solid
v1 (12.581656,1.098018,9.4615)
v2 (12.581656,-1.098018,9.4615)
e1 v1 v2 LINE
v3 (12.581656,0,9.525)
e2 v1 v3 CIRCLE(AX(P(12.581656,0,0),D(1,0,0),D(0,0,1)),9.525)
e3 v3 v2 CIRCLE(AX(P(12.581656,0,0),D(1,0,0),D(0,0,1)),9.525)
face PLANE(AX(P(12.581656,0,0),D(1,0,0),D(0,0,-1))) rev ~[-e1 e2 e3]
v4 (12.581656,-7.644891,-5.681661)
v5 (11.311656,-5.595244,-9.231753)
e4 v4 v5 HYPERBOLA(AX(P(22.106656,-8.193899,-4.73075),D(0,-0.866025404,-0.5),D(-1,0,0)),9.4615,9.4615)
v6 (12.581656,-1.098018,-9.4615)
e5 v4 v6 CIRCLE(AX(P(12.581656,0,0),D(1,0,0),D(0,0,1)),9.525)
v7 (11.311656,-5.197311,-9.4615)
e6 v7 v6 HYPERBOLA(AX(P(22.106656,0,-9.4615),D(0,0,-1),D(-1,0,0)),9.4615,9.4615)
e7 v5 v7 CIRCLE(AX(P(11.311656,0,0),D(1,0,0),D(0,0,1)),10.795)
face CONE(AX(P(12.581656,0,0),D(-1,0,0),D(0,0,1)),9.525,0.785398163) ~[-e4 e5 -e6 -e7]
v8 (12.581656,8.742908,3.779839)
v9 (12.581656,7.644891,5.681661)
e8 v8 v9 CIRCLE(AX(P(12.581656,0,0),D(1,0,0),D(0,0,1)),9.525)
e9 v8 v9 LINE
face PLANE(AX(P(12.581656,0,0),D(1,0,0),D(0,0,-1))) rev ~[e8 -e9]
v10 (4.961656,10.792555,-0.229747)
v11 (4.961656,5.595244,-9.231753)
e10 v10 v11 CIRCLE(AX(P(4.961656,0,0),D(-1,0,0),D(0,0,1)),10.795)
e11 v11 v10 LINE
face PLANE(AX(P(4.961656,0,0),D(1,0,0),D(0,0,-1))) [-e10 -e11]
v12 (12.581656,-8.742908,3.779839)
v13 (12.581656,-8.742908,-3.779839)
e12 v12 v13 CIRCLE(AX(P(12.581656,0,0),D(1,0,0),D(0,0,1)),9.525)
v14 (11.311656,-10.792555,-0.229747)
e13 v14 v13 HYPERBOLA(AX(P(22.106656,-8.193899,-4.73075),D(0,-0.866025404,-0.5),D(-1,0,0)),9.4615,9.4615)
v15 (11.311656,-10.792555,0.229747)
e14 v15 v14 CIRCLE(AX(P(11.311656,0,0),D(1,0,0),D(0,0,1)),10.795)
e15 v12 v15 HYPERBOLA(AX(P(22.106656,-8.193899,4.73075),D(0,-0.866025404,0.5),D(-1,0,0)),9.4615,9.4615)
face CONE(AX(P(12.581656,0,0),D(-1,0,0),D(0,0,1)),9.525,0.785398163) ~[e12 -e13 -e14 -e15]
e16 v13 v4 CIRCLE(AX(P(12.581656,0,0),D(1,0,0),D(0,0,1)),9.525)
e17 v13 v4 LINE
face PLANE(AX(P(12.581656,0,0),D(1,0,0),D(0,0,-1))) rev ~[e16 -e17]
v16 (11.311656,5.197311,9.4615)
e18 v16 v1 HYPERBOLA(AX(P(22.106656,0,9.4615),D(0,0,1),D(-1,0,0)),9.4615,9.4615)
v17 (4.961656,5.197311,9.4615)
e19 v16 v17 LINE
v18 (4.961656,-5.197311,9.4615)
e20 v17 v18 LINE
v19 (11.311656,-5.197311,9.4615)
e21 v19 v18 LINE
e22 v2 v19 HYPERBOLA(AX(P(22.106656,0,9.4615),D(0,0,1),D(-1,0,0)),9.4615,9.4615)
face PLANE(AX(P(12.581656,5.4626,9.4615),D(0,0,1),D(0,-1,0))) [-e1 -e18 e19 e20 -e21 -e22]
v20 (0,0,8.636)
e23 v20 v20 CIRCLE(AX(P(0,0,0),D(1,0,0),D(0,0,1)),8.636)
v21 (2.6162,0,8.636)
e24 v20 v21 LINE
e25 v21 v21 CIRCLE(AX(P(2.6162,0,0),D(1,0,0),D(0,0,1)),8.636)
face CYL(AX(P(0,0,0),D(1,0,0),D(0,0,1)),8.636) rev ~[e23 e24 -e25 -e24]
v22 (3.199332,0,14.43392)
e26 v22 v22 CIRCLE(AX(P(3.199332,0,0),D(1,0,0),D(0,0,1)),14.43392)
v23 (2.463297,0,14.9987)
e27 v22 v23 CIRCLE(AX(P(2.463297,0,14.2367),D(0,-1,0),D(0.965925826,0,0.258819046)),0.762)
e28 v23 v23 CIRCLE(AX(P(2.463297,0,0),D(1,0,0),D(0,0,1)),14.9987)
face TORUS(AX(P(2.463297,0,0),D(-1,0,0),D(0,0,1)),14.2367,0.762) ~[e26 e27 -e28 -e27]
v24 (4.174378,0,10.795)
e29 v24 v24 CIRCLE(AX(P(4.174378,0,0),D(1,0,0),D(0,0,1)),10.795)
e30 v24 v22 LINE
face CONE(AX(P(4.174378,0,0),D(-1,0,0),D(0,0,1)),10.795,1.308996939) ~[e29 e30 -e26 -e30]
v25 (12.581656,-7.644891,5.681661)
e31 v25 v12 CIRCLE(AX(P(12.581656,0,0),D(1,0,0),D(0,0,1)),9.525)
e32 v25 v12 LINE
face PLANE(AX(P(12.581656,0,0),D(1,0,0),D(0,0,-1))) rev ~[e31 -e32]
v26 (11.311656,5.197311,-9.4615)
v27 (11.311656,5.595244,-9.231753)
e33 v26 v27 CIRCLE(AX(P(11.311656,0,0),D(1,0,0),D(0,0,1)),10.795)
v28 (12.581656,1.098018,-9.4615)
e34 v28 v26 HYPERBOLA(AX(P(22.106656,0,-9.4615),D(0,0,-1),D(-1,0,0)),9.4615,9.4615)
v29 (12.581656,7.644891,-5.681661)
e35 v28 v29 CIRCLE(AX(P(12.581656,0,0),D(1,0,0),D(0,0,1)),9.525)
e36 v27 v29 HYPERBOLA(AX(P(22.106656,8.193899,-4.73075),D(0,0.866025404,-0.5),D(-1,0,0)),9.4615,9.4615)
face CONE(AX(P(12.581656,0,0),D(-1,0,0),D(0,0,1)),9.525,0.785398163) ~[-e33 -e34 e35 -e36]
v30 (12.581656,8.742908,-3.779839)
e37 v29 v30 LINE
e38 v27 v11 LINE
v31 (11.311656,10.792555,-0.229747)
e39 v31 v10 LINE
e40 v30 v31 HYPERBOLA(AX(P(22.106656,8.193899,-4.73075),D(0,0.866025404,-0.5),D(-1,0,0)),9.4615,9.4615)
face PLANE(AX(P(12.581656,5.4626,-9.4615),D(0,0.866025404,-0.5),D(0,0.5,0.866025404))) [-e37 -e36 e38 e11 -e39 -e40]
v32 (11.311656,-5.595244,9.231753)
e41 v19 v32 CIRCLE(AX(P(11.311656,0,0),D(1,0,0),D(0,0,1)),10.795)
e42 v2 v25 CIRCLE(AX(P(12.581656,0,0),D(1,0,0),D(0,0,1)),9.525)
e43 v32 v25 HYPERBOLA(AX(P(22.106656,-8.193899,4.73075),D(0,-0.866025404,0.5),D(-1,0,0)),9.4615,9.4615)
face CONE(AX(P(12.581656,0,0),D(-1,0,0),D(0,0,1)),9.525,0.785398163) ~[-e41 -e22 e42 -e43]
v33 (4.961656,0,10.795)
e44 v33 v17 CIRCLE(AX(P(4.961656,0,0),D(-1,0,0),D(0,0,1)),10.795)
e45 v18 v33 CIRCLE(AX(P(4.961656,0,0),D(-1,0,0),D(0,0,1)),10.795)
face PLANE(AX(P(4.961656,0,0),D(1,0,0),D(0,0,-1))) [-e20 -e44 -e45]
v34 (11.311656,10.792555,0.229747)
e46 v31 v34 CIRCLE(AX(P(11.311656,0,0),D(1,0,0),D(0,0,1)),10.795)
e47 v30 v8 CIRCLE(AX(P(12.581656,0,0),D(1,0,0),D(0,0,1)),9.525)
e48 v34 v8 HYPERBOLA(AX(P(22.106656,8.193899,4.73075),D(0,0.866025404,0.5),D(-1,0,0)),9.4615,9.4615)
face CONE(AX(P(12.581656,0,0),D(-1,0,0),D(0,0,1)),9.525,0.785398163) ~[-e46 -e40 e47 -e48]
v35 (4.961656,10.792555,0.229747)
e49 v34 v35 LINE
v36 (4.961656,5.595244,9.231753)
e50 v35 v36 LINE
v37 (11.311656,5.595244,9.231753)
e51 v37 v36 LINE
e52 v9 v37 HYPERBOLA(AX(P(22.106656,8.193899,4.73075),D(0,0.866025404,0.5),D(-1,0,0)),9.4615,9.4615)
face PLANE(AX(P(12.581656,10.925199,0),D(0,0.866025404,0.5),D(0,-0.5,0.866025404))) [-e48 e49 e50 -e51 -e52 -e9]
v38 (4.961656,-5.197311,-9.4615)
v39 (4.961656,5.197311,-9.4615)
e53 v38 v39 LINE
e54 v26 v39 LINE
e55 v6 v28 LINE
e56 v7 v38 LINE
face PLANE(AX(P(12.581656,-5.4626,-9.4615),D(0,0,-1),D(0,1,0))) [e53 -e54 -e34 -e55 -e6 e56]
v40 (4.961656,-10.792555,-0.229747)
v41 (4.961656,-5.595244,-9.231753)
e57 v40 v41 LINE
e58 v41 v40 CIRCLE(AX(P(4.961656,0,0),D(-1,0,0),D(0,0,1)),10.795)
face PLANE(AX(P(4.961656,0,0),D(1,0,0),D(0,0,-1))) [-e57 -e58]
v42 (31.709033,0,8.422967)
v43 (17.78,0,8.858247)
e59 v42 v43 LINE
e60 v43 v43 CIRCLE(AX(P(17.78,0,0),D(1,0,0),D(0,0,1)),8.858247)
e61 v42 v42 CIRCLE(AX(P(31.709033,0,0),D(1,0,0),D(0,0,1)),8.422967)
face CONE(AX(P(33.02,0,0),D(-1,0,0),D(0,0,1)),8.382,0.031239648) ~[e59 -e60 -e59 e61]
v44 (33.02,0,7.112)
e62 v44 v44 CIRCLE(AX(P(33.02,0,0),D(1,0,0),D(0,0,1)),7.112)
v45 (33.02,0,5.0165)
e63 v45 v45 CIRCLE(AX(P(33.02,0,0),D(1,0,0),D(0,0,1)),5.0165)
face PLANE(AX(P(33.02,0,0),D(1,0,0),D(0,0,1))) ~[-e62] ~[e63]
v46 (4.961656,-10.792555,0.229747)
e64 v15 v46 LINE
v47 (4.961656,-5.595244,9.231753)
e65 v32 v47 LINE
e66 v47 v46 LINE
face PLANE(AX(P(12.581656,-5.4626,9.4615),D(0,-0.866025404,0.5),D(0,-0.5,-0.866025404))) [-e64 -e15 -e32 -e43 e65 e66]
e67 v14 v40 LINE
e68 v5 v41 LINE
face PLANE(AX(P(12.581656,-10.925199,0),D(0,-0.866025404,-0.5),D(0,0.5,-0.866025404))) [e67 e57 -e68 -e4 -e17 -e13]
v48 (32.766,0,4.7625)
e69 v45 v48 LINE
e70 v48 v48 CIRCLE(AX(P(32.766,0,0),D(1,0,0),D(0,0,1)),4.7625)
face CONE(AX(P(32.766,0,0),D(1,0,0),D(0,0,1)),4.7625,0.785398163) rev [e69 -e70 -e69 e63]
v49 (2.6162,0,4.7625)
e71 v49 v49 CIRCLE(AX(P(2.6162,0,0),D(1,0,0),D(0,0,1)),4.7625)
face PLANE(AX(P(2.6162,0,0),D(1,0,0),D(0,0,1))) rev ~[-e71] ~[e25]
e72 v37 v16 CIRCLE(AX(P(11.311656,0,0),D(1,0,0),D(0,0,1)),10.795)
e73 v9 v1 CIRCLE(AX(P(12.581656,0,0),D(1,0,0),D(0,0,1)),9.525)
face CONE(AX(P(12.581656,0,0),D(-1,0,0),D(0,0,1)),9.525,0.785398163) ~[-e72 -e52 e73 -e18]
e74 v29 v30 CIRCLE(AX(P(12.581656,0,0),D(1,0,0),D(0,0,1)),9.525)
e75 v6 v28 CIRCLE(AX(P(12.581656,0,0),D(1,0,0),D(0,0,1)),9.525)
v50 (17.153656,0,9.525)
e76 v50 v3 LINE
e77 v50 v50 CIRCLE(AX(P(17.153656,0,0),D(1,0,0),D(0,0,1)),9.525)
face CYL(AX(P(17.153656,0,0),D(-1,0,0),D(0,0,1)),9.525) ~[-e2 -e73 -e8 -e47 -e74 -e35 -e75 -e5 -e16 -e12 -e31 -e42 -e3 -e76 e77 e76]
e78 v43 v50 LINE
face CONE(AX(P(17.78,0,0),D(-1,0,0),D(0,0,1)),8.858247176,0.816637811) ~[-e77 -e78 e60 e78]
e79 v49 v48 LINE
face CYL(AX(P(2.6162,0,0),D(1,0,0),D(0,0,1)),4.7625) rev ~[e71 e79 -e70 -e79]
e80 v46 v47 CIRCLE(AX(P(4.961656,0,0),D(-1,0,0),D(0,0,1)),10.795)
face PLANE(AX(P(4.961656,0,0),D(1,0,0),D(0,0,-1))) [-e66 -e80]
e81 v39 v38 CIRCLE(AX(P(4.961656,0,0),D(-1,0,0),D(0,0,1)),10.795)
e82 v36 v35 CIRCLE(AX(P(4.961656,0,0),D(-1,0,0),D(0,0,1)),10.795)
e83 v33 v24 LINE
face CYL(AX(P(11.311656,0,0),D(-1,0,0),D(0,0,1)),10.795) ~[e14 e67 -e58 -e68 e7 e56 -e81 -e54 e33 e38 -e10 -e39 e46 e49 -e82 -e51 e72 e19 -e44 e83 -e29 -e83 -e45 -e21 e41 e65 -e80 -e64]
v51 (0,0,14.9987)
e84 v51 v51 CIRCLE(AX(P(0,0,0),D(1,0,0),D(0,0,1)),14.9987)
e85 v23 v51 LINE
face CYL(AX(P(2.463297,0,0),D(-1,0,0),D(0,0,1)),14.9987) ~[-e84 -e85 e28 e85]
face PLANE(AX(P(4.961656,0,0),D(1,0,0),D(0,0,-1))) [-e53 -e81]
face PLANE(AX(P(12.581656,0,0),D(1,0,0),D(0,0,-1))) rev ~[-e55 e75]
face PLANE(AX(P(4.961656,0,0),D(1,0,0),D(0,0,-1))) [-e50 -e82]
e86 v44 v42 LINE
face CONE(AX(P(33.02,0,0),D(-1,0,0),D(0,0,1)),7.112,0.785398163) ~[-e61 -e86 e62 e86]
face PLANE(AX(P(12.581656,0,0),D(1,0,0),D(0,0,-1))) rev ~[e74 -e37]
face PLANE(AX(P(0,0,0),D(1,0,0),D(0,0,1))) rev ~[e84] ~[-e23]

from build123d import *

# Parameters (mm, degrees)
CHAMFER2_SIZE      = 1.27
CHAMFER2_SIZE2     = 1.311607448
SKETCH13_OUTSIDE_W = 42.75
SKETCH13_OUTSIDE_H = 42.75
CUT_EXTRUDE3_DEPTH = 7.62
CHAMFER3_SIZE      = 0.254


with BuildPart() as part:
    # Sketch1 → Revolve1 (revolve)
    with BuildSketch(Plane.XY, mode=Mode.PRIVATE) as revolve1_sk:
        with BuildLine():
            Line((2.463296835, 14.9987), (0, 14.9987))
            Line((0, 14.9987), (0, 8.636))
            Line((0, 8.636), (2.6162, 8.636))
            Line((2.6162, 8.636), (2.6162, 4.7625))
            Line((2.6162, 4.7625), (33.02, 4.7625))
            Line((33.02, 4.7625), (33.02, 8.382))
            Line((33.02, 8.382), (17.78, 8.858247176))
            Line((17.78, 8.858247176), (17.153656205, 9.525))
            Line((17.153656205, 9.525), (12.581656205, 9.525))
            Line((12.581656205, 9.525), (11.311656205, 10.795))
            Line((11.311656205, 10.795), (4.17437802, 10.795))
            Line((4.17437802, 10.795), (3.199332315, 14.433920112))
            ThreePointArc((3.199332315, 14.433920112), (2.927173044, 14.841235245), (2.463296835, 14.9987))
        make_face()
    revolve(revolve1_sk.sketch.rotate(Axis((0, 0, 0), (1, 0, 0)), 90), axis=Axis((0, 0, 0), (1, 0, 0)))

    # Chamfer2
    chamfer2_edges = [part.edges().sort_by_distance(p)[0] for p in [
        (33.02, 0, -8.382),
    ]]
    chamfer2_side = [part.faces().sort_by_distance(p)[0] for p in [
        (33.02, 0, -4.999578762),
    ]]
    chamfer(chamfer2_edges, length=CHAMFER2_SIZE, length2=CHAMFER2_SIZE2, reference=chamfer2_side[0])

    # Sketch13 outside → Cut-Extrude3 (cut)
    with BuildSketch(Plane(origin=(12.581656205, 0, 0), x_dir=(0, 0, -1), z_dir=(1, 0, 0))):
        Rectangle(SKETCH13_OUTSIDE_W, SKETCH13_OUTSIDE_H)
        Polygon((0, 10.925199144), (-9.4615, 5.462599572), (-9.4615, -5.462599572), (0, -10.925199144), (9.4615, -5.462599572), (9.4615, 5.462599572), align=None, mode=Mode.SUBTRACT)
    extrude(amount=-CUT_EXTRUDE3_DEPTH, mode=Mode.SUBTRACT)

    # Chamfer3
    chamfer3_edges = [part.edges().sort_by_distance(p)[0] for p in [
        (33.02, 0, -4.7625),
    ]]
    chamfer(chamfer3_edges, length=CHAMFER3_SIZE)


solid = part.part
